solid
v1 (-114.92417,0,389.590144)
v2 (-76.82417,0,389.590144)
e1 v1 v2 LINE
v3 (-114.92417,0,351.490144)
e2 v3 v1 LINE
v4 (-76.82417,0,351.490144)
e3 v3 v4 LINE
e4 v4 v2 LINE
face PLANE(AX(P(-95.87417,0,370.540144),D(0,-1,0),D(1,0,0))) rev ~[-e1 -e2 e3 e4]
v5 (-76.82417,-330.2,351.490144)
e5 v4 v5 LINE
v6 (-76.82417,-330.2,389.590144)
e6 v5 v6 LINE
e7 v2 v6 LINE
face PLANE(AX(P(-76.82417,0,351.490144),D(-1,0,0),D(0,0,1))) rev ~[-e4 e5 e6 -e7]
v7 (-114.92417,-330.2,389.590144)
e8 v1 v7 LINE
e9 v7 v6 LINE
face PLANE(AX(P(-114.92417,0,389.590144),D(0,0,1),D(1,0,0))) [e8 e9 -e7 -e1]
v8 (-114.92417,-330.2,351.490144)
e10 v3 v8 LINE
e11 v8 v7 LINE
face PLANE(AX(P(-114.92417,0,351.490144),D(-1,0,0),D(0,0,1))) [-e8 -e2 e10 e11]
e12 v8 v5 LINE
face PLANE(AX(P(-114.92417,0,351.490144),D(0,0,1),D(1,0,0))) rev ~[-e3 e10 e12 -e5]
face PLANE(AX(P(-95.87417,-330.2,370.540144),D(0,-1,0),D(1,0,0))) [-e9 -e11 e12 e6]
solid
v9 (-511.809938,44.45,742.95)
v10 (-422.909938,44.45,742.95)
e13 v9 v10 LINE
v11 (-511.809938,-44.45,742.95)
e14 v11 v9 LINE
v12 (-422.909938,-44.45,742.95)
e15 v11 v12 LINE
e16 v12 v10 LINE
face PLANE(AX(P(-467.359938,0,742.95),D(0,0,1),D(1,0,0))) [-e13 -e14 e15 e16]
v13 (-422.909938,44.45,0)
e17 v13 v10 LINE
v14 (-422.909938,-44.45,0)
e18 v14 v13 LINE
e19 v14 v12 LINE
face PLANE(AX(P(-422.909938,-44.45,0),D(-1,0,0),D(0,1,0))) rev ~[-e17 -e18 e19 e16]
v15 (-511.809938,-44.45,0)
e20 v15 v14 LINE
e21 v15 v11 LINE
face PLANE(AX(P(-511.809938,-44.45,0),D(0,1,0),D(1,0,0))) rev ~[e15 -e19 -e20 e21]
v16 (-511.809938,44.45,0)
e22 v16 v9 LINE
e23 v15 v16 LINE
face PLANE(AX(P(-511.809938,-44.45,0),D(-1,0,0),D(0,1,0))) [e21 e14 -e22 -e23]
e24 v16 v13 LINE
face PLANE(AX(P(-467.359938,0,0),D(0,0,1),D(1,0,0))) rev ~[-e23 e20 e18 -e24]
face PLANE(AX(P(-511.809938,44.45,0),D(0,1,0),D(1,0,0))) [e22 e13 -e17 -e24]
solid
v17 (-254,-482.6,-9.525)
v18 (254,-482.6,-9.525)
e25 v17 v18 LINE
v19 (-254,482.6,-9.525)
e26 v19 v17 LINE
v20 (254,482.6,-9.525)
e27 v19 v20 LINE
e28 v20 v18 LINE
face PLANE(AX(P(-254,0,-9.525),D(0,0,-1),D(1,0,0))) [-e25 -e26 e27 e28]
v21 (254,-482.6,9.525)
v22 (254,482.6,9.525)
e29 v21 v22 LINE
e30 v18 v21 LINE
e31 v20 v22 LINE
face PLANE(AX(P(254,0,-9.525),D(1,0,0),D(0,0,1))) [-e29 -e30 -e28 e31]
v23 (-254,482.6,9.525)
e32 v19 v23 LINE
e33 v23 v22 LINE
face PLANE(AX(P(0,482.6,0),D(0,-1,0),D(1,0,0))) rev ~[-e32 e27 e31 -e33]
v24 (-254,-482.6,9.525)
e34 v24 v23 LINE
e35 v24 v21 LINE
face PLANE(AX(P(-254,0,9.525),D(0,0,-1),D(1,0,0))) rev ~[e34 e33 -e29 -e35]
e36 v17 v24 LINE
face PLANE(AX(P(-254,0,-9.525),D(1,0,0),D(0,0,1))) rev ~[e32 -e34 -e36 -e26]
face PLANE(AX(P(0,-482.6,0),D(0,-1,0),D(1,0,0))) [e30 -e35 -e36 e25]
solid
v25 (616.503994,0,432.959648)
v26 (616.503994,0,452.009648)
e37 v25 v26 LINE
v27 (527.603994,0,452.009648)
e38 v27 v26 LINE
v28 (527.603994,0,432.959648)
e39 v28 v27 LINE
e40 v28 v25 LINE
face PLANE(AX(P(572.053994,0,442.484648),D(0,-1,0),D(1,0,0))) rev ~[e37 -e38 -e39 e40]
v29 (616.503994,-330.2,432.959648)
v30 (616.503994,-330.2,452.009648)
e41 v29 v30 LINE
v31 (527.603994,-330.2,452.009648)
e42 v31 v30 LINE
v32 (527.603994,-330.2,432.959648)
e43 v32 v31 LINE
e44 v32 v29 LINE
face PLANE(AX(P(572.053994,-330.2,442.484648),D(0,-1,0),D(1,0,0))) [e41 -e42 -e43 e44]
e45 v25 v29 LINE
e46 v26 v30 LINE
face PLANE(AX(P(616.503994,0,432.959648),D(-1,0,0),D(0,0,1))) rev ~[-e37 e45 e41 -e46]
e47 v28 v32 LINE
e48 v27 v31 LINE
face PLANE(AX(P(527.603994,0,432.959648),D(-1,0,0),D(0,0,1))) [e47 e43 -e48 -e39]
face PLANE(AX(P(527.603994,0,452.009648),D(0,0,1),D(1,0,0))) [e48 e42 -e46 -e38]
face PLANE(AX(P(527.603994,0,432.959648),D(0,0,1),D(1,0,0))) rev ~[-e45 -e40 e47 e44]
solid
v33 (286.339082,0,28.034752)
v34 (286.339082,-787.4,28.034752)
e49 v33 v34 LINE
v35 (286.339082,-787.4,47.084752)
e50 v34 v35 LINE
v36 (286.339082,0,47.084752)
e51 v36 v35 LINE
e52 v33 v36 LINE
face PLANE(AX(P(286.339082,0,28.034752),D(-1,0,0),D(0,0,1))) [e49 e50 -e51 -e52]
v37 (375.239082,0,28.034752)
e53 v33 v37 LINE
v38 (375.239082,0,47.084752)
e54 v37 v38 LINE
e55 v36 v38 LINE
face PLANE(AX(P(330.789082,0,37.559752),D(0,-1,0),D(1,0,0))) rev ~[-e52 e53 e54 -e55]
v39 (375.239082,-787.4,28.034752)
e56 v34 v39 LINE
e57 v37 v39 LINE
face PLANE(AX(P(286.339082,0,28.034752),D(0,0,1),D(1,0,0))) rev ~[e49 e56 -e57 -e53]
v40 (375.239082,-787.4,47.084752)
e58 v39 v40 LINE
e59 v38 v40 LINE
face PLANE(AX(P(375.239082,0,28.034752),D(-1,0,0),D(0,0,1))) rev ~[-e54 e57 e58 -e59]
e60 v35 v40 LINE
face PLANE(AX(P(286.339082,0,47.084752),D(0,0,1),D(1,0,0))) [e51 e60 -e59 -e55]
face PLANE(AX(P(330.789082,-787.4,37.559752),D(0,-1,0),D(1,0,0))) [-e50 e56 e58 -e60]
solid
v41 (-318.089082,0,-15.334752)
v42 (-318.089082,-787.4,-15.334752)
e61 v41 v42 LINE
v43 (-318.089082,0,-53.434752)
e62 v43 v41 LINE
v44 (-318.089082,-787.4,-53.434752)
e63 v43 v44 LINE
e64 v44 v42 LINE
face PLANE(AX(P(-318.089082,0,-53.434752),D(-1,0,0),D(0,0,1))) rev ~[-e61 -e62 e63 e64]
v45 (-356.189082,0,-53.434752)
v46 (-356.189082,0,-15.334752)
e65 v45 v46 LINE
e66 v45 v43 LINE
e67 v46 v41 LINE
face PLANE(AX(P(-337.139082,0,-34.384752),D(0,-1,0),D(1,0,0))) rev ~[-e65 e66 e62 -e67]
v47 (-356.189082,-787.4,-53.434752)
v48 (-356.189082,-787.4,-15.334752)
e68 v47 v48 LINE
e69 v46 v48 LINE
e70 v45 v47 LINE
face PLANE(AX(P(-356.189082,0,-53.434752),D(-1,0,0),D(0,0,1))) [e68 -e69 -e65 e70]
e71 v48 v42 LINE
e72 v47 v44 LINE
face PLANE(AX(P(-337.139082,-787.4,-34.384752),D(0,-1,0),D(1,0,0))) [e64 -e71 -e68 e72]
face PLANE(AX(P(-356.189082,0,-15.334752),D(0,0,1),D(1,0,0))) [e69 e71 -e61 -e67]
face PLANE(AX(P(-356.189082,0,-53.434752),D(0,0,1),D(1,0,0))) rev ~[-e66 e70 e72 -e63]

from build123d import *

# Parameters (mm, degrees)
F0_W          = 508
F0_H          = 19.05
F1_DEPTH      = 482.6
F1_DEPTH_BACK = 482.6
F2_W          = 88.9
F2_H          = 88.9
F3_DEPTH      = 742.95
F4_W          = 88.9
F4_H          = 19.05
F4_W_2        = 38.1
F4_H_2        = 38.1
F5_DEPTH      = 330.2
F6_W          = 38.1
F6_H          = 38.1
F6_W_2        = 88.9
F6_H_2        = 19.05
F7_DEPTH      = 787.4


with BuildPart() as f1:
    # F0 (on Front) → F1 (new body, two sides)
    with BuildSketch(Plane.XZ) as f1_sk:
        Rectangle(F0_W, F0_H)
    extrude(amount=F1_DEPTH)
    extrude(f1_sk.sketch, amount=-F1_DEPTH_BACK)


with BuildPart() as f3:
    # F2 (on Top) → F3 (new body)
    with BuildSketch(Plane.XY):
        with Locations((-467.359938, 0)):
            Rectangle(F2_W, F2_H)
    extrude(amount=F3_DEPTH)


with BuildPart() as f5:
    # F4 (on Front) → F5 (new body)
    with BuildSketch(Plane.XZ):
        with Locations((572.053994, 442.484648)):
            Rectangle(F4_W, F4_H)
        with Locations((-95.87417, 370.540144)):
            Rectangle(F4_W_2, F4_H_2)
    extrude(amount=F5_DEPTH)


with BuildPart() as f7:
    # F6 (on Front) → F7 (new body)
    with BuildSketch(Plane.XZ):
        with Locations((-337.139082, -34.384752)):
            Rectangle(F6_W, F6_H)
        with Locations((330.789082, 37.559752)):
            Rectangle(F6_W_2, F6_H_2)
    extrude(amount=F7_DEPTH)


solid = Compound([f1.part, f3.part, f5.part, f7.part])
